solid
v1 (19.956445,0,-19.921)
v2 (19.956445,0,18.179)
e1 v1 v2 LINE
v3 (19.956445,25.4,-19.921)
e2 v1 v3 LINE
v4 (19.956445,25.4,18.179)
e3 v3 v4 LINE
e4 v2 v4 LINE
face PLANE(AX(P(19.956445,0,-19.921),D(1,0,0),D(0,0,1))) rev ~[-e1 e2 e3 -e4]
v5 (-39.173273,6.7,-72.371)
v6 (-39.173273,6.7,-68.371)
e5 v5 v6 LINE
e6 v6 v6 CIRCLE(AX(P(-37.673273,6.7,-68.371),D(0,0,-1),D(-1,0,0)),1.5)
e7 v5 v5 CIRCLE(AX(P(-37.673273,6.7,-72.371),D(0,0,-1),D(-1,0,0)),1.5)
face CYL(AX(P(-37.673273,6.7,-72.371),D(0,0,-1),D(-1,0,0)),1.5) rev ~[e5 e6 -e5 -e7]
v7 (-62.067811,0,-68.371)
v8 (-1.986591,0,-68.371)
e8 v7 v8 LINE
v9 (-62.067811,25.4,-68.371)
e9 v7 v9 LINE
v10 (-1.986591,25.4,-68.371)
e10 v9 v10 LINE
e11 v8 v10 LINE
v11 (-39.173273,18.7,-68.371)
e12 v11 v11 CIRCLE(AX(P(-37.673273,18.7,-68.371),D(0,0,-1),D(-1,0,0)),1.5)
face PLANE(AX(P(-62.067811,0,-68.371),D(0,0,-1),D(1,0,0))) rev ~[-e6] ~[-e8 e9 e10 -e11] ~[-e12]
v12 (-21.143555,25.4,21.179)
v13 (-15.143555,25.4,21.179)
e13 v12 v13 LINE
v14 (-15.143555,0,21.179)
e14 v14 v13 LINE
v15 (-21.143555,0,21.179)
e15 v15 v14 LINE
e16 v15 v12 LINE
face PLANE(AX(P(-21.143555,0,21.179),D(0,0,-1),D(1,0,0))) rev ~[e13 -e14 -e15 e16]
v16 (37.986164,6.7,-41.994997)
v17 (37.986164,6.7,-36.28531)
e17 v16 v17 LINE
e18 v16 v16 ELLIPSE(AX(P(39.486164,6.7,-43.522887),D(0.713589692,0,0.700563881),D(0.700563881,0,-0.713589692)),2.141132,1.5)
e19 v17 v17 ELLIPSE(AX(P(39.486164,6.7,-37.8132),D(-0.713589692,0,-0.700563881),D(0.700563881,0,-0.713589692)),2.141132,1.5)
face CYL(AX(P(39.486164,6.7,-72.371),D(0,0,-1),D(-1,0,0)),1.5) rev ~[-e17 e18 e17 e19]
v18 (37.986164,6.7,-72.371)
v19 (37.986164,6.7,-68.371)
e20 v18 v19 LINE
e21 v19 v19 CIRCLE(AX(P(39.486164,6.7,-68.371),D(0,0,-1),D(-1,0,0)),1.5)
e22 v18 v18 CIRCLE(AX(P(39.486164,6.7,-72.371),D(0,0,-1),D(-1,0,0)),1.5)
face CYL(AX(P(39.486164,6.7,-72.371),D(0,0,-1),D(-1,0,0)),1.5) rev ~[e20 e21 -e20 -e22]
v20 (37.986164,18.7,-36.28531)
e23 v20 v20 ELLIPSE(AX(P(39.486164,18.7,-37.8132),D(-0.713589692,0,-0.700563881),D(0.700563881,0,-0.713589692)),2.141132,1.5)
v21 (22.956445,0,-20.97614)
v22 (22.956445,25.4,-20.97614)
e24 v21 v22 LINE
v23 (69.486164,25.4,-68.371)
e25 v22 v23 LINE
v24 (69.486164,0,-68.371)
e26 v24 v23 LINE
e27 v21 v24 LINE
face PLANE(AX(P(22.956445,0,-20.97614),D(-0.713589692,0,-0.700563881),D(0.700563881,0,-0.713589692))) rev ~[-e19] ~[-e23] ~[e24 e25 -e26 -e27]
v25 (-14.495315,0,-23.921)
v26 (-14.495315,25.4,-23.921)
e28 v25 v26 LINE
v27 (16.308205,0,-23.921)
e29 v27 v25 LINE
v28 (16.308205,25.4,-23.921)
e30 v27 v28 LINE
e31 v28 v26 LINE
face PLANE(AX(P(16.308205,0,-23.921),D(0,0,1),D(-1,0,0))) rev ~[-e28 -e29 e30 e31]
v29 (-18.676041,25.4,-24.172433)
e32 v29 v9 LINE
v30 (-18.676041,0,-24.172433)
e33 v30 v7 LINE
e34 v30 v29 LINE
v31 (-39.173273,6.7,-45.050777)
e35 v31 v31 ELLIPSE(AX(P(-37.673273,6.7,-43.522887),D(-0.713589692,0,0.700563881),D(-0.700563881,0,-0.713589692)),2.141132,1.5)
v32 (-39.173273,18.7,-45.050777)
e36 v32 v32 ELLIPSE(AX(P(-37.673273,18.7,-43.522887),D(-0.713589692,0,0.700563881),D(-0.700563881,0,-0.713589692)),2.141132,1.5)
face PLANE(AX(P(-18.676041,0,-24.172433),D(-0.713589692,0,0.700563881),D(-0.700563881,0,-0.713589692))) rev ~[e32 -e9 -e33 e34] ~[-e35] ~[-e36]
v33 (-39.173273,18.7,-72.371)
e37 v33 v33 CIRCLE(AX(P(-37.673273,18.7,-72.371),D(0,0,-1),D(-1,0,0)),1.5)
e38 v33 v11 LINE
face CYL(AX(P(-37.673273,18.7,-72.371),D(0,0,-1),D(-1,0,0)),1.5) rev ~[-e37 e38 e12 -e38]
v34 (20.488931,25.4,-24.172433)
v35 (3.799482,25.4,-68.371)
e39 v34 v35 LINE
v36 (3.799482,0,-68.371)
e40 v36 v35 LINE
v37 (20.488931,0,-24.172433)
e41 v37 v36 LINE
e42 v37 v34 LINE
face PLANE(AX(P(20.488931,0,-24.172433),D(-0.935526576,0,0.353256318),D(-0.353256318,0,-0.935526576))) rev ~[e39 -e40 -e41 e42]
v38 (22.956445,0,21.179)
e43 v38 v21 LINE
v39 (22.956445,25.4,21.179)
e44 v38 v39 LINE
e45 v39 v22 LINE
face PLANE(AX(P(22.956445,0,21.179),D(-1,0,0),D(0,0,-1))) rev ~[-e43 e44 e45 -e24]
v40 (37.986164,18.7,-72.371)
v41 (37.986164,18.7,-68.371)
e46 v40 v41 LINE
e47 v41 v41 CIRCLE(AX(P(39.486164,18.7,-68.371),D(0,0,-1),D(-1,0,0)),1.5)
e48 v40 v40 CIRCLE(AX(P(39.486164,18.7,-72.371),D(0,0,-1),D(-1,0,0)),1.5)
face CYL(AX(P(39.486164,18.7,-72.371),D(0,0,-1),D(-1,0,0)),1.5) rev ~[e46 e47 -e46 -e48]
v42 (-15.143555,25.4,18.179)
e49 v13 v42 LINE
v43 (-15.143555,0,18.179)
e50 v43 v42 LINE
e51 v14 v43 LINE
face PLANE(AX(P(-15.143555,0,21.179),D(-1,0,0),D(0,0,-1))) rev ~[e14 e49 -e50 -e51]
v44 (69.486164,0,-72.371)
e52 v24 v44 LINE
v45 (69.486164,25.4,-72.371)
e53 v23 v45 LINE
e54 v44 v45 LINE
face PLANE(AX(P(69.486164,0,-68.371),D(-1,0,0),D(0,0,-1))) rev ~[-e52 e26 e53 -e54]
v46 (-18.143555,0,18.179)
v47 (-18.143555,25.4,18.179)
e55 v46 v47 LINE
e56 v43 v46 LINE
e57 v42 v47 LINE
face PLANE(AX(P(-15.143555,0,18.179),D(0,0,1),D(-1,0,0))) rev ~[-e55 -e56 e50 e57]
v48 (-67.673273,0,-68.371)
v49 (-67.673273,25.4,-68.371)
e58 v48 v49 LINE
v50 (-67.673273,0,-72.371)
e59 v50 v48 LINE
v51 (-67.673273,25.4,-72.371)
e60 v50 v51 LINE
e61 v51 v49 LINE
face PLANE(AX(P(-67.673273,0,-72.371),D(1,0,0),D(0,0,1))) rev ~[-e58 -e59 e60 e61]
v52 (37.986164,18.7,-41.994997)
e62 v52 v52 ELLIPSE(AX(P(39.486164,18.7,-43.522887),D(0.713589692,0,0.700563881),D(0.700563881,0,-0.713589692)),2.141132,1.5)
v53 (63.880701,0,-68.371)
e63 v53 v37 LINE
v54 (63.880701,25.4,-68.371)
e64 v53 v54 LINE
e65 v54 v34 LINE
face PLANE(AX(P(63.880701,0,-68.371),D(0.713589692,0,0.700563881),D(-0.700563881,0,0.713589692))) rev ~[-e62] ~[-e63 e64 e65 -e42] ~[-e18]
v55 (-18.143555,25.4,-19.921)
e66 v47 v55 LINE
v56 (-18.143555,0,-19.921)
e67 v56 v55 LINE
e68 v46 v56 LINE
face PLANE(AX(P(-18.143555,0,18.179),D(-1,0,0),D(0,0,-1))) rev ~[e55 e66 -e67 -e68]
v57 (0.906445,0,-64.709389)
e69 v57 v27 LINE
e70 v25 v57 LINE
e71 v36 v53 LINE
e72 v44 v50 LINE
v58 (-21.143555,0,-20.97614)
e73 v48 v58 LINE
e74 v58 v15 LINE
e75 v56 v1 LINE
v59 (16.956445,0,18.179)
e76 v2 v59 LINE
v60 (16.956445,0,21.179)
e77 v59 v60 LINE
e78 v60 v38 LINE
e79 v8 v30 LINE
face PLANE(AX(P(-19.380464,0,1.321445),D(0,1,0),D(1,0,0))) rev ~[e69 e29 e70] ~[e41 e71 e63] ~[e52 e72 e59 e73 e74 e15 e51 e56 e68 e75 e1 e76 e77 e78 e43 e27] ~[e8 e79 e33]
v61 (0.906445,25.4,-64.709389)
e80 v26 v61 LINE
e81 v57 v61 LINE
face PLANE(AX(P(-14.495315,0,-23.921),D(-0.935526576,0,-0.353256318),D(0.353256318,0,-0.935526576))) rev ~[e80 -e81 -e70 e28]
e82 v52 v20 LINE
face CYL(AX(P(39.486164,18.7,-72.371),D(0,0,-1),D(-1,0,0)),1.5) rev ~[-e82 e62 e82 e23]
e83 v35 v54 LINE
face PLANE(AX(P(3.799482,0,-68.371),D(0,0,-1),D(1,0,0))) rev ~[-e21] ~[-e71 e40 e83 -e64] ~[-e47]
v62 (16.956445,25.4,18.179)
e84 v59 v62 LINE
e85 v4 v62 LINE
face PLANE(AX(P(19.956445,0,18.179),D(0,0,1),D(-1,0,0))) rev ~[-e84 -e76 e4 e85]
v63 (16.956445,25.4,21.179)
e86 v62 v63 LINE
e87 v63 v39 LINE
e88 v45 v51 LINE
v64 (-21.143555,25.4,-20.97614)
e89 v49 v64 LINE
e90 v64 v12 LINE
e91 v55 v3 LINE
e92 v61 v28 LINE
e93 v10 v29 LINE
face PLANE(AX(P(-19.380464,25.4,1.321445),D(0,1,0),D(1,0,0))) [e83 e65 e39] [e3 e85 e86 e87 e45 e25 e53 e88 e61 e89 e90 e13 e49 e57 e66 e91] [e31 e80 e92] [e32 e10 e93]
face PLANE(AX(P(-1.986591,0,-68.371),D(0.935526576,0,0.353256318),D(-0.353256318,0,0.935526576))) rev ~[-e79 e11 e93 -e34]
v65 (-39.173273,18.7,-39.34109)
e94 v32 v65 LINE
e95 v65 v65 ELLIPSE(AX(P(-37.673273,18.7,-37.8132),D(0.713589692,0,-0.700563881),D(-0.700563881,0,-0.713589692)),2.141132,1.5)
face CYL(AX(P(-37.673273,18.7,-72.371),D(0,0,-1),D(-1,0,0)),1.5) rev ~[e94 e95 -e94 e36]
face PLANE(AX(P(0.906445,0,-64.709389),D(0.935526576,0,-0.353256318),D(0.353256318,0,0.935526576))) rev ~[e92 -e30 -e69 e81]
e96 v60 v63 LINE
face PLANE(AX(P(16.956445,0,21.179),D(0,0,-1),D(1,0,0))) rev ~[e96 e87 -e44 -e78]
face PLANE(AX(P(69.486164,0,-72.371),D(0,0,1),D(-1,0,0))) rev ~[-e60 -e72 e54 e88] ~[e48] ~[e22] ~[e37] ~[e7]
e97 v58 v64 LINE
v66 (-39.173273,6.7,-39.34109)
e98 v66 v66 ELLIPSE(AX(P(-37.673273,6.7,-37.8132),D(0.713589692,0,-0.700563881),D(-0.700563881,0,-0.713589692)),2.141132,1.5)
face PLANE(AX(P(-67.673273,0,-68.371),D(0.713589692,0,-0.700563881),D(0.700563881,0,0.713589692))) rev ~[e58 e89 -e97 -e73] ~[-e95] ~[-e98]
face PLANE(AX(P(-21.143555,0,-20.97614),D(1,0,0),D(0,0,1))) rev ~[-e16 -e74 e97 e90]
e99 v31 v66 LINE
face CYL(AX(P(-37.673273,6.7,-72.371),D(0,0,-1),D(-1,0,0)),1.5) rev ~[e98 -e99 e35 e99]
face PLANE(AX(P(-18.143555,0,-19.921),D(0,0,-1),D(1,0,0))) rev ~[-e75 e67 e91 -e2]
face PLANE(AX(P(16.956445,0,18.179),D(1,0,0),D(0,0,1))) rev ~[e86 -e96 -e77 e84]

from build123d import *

# Parameters (mm, degrees)
BOSS_EXTRUDE1_DEPTH = 25.4
SKETCH2_R           = 1.5
CUT_EXTRUDE1_DEPTH  = 120.2689793


with BuildPart() as part:
    # Sketch1 → Boss-Extrude1 (new body)
    with BuildSketch(Plane(origin=(0, 0, 0), x_dir=(1, 0, 0), z_dir=(0, 1, 0))):
        Polygon((-21.143554781, 20.976139754), (-21.143554781, -21.178999859), (-15.143554781, -21.178999859), (-15.143554781, -18.178999859), (-18.143554781, -18.178999859), (-18.143554781, 19.921000141), (-19.143705232, 18.939106358), align=None)
        Polygon((16.956445219, -18.178999859), (16.956445219, -21.178999859), (22.956445219, -21.178999859), (22.956445219, 20.976139754), (20.956595671, 18.939106358), (19.956445219, 19.921000141), (19.956445219, -18.178999859), align=None)
        Polygon((-18.000706286, 20.061241092), (-18.143554781, 19.921000141), (-17.629307024, 19.921000141), align=None)
        Polygon((-21.143554781, 23.921000141), (-21.143554781, 20.976139754), (-19.143705232, 18.939106358), (-18.143554781, 19.921000141), (-18.000706286, 20.061241092), (-19.950434941, 20.797461723), (-18.770981881, 23.921000141), align=None)
        Polygon((-18.429197778, 23.921000141), (-18.770981881, 23.921000141), (-19.950434941, 20.797461723), (-18.000706286, 20.061241092), (-16.289346466, 21.741361883), align=None)
        Polygon((-14.495314995, 23.921000141), (-18.429197778, 23.921000141), (-16.289346466, 21.741361883), (-18.000706286, 20.061241092), (-17.629307024, 19.921000141), (-16.005721338, 19.921000141), align=None)
        Polygon((-18.676040592, 24.172432584), (-18.770981881, 23.921000141), (-18.429197778, 23.921000141), align=None)
        Polygon((-67.6732731, 68.371000141), (-21.143554781, 20.976139754), (-21.143554781, 23.921000141), (-18.770981881, 23.921000141), (-18.676040592, 24.172432584), (-62.06781096, 68.371000141), align=None)
        Polygon((-18.676040592, 24.172432584), (-18.429197778, 23.921000141), (-14.495314995, 23.921000141), (0.906445219, 64.70938874), (-0.476185052, 68.371000141), (-1.986591395, 68.371000141), align=None)
        Polygon((16.308205433, 23.921000141), (-14.495314995, 23.921000141), (-16.005721338, 19.921000141), (17.818611776, 19.921000141), align=None)
        Polygon((17.818611776, 19.921000141), (19.442197463, 19.921000141), (19.813596724, 20.061241092), (18.102236904, 21.741361883), (20.242088216, 23.921000141), (16.308205433, 23.921000141), align=None)
        Polygon((21.763325379, 20.797461723), (20.583872319, 23.921000141), (20.242088216, 23.921000141), (18.102236904, 21.741361883), (19.813596724, 20.061241092), align=None)
        Polygon((20.956595671, 18.939106358), (22.956445219, 20.976139754), (22.956445219, 23.921000141), (20.583872319, 23.921000141), (21.763325379, 20.797461723), (19.813596724, 20.061241092), (19.956445219, 19.921000141), align=None)
        Polygon((19.442197463, 19.921000141), (19.956445219, 19.921000141), (19.813596724, 20.061241092), align=None)
        Polygon((0.906445219, 64.70938874), (16.308205433, 23.921000141), (20.242088216, 23.921000141), (20.48893103, 24.172432584), (3.799481834, 68.371000141), (2.289075491, 68.371000141), align=None)
        Polygon((22.956445219, 23.921000141), (22.956445219, 20.976139754), (69.486163538, 68.371000141), (63.880701399, 68.371000141), (20.48893103, 24.172432584), (20.583872319, 23.921000141), align=None)
        Polygon((63.880701399, 68.371000141), (69.486163538, 68.371000141), (66.631804771, 71.173255667), align=None)
        Polygon((-67.6732731, 72.371000141), (-67.6732731, 68.371000141), (-64.818914333, 71.173255667), (-62.06781096, 68.371000141), (-1.986591395, 68.371000141), (-1.35741728, 70.037238153), (0.906445219, 69.182400084), (3.170307718, 70.037238153), (3.799481834, 68.371000141), (63.880701399, 68.371000141), (66.631804771, 71.173255667), (69.486163538, 68.371000141), (69.486163538, 72.371000141), align=None)
        Polygon((2.289075491, 68.371000141), (-0.476185052, 68.371000141), (0.906445219, 64.70938874), align=None)
        Polygon((-1.35741728, 70.037238153), (-1.986591395, 68.371000141), (-0.476185052, 68.371000141), (-0.571798584, 68.62421288), (0.906445219, 69.182400084), align=None)
        Polygon((-0.571798584, 68.62421288), (-0.476185052, 68.371000141), (2.289075491, 68.371000141), (2.384689022, 68.62421288), (0.906445219, 69.182400084), align=None)
        Polygon((2.384689022, 68.62421288), (2.289075491, 68.371000141), (3.799481834, 68.371000141), (3.170307718, 70.037238153), (0.906445219, 69.182400084), align=None)
        Polygon((-64.818914333, 71.173255667), (-67.6732731, 68.371000141), (-62.06781096, 68.371000141), align=None)
        Polygon((20.242088216, 23.921000141), (20.583872319, 23.921000141), (20.48893103, 24.172432584), align=None)
    extrude(amount=BOSS_EXTRUDE1_DEPTH)

    # Sketch2 → Cut-Extrude1 (cut, through all)
    with BuildSketch(Plane(origin=(0, 0, -72.371000141), x_dir=(-1, 0, 0), z_dir=(0, 0, -1))):
        with Locations((37.6732731, 6.7)):
            Circle(SKETCH2_R)
        with Locations((37.6732731, 18.7)):
            Circle(SKETCH2_R)
        with Locations((-39.486163538, 18.7)):
            Circle(SKETCH2_R)
        with Locations((-39.486163538, 6.7)):
            Circle(SKETCH2_R)
    extrude(amount=-CUT_EXTRUDE1_DEPTH, mode=Mode.SUBTRACT)


solid = part.part
